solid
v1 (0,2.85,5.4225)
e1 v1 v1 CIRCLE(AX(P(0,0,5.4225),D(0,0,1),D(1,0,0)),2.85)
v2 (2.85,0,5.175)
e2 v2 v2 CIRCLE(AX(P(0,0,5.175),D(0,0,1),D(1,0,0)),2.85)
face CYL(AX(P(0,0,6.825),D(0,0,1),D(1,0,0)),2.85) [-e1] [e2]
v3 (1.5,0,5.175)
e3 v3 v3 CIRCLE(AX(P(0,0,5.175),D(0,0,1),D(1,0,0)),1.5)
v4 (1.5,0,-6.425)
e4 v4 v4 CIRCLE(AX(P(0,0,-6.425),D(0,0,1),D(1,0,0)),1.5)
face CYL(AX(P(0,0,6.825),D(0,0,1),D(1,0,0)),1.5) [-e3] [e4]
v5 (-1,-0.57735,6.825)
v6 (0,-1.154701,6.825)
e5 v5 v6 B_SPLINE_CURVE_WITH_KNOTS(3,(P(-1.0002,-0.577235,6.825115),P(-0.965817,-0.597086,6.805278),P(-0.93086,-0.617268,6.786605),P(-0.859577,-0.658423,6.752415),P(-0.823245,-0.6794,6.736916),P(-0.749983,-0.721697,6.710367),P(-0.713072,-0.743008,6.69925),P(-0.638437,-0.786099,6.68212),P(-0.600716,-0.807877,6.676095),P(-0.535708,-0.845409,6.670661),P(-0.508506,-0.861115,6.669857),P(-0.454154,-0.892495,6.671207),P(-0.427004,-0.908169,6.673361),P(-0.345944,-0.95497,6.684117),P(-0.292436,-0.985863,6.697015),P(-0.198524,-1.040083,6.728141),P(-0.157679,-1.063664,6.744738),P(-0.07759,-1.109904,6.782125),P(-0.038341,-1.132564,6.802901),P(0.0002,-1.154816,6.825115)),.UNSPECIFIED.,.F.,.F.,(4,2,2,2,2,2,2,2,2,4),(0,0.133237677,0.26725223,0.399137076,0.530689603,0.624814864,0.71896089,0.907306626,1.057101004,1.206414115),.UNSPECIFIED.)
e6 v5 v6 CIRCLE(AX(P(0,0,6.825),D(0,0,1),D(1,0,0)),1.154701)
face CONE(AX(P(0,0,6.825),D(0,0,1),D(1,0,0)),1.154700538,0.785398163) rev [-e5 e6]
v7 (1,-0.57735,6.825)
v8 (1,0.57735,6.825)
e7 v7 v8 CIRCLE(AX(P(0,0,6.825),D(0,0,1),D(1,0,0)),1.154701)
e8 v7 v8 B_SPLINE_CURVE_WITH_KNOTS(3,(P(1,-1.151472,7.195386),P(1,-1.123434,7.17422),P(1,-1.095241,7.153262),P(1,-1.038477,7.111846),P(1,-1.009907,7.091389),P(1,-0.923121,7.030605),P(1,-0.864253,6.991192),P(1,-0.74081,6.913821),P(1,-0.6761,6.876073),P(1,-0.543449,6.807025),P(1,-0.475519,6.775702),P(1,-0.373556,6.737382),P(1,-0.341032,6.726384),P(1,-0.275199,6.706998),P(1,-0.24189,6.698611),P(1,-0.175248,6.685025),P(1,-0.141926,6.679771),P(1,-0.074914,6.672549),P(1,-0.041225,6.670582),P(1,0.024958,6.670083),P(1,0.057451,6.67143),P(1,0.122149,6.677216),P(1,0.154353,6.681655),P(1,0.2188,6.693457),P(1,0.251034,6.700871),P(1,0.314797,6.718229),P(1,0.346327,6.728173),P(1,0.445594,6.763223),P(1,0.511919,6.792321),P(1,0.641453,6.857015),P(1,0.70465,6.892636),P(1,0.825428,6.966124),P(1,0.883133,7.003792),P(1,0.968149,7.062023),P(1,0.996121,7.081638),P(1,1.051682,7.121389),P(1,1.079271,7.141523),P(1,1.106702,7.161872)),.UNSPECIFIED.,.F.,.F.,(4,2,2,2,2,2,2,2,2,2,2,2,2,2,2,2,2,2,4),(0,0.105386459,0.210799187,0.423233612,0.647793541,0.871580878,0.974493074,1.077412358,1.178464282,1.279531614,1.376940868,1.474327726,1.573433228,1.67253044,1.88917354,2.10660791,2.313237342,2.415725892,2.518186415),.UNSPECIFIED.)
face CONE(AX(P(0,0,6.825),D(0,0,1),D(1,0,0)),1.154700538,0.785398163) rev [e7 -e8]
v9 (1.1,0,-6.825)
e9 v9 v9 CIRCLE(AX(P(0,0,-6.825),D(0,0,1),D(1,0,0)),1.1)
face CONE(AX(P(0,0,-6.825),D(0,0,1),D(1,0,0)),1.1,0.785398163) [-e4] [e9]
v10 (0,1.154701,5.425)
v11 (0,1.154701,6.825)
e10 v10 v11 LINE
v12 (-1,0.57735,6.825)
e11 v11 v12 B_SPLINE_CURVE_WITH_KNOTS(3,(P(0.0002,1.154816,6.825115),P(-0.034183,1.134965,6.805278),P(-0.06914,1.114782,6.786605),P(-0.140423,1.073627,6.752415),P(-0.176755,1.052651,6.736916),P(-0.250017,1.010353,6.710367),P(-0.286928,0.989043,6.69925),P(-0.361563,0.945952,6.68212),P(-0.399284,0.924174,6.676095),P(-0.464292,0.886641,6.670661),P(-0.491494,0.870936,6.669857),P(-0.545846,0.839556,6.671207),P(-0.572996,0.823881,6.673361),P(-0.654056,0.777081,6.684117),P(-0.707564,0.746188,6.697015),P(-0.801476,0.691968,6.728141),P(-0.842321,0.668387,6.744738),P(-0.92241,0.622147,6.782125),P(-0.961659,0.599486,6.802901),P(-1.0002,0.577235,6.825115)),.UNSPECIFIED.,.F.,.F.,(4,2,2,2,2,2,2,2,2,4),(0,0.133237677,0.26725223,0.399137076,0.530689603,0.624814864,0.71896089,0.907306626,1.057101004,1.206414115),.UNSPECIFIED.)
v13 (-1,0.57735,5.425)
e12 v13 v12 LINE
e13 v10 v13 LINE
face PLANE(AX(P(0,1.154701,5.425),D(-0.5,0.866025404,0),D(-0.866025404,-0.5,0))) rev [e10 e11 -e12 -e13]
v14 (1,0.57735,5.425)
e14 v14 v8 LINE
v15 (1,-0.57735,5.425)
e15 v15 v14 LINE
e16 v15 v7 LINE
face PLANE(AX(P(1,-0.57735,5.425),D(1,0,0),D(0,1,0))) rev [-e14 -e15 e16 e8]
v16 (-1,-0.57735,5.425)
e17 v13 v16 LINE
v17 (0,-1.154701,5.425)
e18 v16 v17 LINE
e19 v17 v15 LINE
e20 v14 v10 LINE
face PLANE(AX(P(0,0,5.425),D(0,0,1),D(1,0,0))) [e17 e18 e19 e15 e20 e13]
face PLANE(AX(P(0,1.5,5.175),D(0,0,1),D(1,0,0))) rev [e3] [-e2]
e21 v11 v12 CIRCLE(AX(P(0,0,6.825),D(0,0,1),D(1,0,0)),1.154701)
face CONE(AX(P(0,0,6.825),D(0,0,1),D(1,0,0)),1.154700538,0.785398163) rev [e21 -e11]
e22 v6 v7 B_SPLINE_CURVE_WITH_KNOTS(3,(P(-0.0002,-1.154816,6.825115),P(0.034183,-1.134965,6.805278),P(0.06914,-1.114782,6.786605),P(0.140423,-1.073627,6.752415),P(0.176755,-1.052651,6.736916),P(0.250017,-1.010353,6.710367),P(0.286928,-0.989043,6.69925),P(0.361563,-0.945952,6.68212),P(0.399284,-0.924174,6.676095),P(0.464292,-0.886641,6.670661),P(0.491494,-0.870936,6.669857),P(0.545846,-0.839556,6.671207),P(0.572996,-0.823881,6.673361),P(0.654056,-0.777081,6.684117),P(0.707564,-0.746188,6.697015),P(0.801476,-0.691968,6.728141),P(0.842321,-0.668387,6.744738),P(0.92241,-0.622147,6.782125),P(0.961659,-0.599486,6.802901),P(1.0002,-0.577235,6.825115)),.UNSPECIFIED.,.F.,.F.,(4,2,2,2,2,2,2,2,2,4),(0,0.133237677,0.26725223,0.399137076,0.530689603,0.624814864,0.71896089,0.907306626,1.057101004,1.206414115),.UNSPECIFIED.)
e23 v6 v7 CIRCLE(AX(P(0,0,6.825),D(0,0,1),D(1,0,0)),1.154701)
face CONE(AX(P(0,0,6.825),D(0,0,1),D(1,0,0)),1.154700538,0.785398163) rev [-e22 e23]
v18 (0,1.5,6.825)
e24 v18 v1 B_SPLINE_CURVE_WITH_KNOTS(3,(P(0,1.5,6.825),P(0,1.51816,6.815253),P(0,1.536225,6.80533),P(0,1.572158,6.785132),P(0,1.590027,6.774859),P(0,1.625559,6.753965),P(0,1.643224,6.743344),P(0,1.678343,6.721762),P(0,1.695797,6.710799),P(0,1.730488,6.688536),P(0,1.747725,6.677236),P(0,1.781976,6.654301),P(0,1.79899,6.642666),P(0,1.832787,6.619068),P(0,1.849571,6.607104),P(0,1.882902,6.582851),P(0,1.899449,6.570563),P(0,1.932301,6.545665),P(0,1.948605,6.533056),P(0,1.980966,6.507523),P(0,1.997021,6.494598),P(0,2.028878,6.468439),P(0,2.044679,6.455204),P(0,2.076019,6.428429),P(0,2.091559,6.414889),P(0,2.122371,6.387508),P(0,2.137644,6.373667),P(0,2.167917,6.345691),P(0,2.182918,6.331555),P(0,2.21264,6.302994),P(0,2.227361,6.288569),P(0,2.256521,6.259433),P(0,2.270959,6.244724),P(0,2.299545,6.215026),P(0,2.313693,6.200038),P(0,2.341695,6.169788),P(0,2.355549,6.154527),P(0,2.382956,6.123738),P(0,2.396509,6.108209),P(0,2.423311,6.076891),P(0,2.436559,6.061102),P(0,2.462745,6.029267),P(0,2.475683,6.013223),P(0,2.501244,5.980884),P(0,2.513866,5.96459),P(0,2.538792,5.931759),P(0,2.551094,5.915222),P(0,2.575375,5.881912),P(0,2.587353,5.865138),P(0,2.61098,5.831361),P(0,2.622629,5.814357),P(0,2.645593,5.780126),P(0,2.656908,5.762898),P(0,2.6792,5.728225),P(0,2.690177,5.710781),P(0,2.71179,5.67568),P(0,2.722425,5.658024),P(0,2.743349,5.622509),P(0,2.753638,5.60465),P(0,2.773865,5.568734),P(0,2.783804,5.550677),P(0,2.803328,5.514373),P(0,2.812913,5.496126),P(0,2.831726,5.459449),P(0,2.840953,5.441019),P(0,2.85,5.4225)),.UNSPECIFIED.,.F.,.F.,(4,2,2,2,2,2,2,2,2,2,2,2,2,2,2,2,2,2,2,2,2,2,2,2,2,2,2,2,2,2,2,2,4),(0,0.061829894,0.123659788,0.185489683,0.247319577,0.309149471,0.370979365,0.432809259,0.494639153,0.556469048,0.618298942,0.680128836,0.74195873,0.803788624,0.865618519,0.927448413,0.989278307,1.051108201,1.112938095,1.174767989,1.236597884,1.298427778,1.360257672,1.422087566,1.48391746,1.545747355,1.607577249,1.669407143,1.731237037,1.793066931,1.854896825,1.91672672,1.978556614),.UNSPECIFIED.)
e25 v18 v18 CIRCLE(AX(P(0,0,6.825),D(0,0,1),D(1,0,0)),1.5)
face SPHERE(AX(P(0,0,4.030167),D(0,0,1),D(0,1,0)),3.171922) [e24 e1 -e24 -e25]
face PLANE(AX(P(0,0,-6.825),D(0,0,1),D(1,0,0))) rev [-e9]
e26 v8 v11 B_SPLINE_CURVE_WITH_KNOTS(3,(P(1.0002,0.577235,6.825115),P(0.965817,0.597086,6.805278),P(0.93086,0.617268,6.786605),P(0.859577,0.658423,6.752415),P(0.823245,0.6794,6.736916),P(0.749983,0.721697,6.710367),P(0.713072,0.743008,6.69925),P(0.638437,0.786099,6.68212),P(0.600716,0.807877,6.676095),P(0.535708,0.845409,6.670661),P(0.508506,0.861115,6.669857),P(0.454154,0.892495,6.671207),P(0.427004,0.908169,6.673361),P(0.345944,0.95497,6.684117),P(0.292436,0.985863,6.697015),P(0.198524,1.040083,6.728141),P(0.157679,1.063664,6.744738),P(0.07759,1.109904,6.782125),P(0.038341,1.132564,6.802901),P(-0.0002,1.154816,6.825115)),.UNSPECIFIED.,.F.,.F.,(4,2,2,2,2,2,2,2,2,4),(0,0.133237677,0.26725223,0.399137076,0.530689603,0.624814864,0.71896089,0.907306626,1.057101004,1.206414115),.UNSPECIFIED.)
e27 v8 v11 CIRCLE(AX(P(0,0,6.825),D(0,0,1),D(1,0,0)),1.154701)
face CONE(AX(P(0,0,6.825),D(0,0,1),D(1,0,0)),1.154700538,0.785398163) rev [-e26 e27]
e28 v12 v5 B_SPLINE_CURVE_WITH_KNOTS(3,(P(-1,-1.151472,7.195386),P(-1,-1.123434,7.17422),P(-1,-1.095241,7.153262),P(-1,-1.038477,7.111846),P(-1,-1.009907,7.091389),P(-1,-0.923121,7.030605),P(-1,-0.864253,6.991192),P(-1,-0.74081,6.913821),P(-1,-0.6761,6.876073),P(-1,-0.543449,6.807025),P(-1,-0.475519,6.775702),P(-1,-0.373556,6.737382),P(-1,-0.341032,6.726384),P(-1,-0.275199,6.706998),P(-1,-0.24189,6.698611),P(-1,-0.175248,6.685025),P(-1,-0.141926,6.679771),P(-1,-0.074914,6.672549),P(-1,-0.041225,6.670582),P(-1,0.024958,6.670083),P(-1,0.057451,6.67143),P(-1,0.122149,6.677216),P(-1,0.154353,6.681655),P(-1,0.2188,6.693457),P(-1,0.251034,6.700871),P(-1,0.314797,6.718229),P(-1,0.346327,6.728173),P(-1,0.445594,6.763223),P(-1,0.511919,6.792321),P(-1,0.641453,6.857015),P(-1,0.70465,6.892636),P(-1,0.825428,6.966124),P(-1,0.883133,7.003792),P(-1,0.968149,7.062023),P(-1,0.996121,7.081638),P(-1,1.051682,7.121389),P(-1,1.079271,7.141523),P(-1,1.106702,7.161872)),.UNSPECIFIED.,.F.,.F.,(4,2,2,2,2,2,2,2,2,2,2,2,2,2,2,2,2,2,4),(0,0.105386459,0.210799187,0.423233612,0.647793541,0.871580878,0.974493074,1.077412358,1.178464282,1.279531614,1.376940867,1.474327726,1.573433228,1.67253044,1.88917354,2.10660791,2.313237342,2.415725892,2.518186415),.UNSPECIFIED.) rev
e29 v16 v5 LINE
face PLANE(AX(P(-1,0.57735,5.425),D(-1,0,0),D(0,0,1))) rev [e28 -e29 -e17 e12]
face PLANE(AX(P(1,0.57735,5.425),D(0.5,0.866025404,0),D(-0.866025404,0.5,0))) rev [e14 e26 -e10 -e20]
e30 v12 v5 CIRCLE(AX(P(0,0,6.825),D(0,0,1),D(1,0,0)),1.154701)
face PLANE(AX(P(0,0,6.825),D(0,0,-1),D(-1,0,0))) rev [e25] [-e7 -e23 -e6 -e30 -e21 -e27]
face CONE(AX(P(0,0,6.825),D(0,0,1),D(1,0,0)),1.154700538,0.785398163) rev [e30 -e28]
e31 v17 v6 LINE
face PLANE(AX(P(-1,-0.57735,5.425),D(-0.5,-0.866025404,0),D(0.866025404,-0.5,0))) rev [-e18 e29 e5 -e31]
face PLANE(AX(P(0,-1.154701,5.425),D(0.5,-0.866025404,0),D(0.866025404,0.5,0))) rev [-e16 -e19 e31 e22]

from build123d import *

# Parameters (mm, degrees)
CUT_EXTRUDE1_DEPTH = 1.4


with BuildPart() as part:
    # Sketch2 → Revolve1 (revolve)
    with BuildSketch(Plane(origin=(0, 0, 0), x_dir=(0, 0, -1), z_dir=(1, 0, 0)), mode=Mode.PRIVATE) as revolve1_sk:
        with BuildLine():
            Line((-6.825, 0), (6.825, 0))
            Line((6.825, 0), (6.825, 1.1))
            Line((6.825, 1.1), (6.425, 1.5))
            Line((6.425, 1.5), (-5.175, 1.5))
            Line((-5.175, 1.5), (-5.175, 2.85))
            Line((-5.175, 2.85), (-5.4225, 2.85))
            ThreePointArc((-5.4225, 2.85), (-6.22987489, 2.285251969), (-6.825, 1.5))
            Line((-6.825, 1.5), (-6.825, 0))
        make_face()
    revolve(revolve1_sk.sketch.rotate(Axis((0, 0, 6.825), (0, 0, -1)), 90), axis=Axis((0, 0, 6.825), (0, 0, -1)))

    # Sketch3 → Cut-Extrude1 (cut)
    with BuildSketch(Plane.XY.offset(6.825)):
        Polygon((0, 1.154700538), (-1, 0.577350269), (-1, -0.577350269), (0, -1.154700538), (1, -0.577350269), (1, 0.577350269), align=None)
    extrude(amount=-CUT_EXTRUDE1_DEPTH, mode=Mode.SUBTRACT)

    # Cut-Extrude2 cone 1 section (through the dimple's axis) → Cut-Extrude2 (revolve, cut)
    with BuildSketch(Plane(origin=(0, 0, 6.825), x_dir=(0, -1, 0), z_dir=(1, 0, 0))):
        Polygon((0, 0), (1.154700538, 0), (0, 1.154700538), align=None)
    revolve(axis=Axis((0, 0, 6.825), (0, 0, -1)), mode=Mode.SUBTRACT)


solid = part.part
